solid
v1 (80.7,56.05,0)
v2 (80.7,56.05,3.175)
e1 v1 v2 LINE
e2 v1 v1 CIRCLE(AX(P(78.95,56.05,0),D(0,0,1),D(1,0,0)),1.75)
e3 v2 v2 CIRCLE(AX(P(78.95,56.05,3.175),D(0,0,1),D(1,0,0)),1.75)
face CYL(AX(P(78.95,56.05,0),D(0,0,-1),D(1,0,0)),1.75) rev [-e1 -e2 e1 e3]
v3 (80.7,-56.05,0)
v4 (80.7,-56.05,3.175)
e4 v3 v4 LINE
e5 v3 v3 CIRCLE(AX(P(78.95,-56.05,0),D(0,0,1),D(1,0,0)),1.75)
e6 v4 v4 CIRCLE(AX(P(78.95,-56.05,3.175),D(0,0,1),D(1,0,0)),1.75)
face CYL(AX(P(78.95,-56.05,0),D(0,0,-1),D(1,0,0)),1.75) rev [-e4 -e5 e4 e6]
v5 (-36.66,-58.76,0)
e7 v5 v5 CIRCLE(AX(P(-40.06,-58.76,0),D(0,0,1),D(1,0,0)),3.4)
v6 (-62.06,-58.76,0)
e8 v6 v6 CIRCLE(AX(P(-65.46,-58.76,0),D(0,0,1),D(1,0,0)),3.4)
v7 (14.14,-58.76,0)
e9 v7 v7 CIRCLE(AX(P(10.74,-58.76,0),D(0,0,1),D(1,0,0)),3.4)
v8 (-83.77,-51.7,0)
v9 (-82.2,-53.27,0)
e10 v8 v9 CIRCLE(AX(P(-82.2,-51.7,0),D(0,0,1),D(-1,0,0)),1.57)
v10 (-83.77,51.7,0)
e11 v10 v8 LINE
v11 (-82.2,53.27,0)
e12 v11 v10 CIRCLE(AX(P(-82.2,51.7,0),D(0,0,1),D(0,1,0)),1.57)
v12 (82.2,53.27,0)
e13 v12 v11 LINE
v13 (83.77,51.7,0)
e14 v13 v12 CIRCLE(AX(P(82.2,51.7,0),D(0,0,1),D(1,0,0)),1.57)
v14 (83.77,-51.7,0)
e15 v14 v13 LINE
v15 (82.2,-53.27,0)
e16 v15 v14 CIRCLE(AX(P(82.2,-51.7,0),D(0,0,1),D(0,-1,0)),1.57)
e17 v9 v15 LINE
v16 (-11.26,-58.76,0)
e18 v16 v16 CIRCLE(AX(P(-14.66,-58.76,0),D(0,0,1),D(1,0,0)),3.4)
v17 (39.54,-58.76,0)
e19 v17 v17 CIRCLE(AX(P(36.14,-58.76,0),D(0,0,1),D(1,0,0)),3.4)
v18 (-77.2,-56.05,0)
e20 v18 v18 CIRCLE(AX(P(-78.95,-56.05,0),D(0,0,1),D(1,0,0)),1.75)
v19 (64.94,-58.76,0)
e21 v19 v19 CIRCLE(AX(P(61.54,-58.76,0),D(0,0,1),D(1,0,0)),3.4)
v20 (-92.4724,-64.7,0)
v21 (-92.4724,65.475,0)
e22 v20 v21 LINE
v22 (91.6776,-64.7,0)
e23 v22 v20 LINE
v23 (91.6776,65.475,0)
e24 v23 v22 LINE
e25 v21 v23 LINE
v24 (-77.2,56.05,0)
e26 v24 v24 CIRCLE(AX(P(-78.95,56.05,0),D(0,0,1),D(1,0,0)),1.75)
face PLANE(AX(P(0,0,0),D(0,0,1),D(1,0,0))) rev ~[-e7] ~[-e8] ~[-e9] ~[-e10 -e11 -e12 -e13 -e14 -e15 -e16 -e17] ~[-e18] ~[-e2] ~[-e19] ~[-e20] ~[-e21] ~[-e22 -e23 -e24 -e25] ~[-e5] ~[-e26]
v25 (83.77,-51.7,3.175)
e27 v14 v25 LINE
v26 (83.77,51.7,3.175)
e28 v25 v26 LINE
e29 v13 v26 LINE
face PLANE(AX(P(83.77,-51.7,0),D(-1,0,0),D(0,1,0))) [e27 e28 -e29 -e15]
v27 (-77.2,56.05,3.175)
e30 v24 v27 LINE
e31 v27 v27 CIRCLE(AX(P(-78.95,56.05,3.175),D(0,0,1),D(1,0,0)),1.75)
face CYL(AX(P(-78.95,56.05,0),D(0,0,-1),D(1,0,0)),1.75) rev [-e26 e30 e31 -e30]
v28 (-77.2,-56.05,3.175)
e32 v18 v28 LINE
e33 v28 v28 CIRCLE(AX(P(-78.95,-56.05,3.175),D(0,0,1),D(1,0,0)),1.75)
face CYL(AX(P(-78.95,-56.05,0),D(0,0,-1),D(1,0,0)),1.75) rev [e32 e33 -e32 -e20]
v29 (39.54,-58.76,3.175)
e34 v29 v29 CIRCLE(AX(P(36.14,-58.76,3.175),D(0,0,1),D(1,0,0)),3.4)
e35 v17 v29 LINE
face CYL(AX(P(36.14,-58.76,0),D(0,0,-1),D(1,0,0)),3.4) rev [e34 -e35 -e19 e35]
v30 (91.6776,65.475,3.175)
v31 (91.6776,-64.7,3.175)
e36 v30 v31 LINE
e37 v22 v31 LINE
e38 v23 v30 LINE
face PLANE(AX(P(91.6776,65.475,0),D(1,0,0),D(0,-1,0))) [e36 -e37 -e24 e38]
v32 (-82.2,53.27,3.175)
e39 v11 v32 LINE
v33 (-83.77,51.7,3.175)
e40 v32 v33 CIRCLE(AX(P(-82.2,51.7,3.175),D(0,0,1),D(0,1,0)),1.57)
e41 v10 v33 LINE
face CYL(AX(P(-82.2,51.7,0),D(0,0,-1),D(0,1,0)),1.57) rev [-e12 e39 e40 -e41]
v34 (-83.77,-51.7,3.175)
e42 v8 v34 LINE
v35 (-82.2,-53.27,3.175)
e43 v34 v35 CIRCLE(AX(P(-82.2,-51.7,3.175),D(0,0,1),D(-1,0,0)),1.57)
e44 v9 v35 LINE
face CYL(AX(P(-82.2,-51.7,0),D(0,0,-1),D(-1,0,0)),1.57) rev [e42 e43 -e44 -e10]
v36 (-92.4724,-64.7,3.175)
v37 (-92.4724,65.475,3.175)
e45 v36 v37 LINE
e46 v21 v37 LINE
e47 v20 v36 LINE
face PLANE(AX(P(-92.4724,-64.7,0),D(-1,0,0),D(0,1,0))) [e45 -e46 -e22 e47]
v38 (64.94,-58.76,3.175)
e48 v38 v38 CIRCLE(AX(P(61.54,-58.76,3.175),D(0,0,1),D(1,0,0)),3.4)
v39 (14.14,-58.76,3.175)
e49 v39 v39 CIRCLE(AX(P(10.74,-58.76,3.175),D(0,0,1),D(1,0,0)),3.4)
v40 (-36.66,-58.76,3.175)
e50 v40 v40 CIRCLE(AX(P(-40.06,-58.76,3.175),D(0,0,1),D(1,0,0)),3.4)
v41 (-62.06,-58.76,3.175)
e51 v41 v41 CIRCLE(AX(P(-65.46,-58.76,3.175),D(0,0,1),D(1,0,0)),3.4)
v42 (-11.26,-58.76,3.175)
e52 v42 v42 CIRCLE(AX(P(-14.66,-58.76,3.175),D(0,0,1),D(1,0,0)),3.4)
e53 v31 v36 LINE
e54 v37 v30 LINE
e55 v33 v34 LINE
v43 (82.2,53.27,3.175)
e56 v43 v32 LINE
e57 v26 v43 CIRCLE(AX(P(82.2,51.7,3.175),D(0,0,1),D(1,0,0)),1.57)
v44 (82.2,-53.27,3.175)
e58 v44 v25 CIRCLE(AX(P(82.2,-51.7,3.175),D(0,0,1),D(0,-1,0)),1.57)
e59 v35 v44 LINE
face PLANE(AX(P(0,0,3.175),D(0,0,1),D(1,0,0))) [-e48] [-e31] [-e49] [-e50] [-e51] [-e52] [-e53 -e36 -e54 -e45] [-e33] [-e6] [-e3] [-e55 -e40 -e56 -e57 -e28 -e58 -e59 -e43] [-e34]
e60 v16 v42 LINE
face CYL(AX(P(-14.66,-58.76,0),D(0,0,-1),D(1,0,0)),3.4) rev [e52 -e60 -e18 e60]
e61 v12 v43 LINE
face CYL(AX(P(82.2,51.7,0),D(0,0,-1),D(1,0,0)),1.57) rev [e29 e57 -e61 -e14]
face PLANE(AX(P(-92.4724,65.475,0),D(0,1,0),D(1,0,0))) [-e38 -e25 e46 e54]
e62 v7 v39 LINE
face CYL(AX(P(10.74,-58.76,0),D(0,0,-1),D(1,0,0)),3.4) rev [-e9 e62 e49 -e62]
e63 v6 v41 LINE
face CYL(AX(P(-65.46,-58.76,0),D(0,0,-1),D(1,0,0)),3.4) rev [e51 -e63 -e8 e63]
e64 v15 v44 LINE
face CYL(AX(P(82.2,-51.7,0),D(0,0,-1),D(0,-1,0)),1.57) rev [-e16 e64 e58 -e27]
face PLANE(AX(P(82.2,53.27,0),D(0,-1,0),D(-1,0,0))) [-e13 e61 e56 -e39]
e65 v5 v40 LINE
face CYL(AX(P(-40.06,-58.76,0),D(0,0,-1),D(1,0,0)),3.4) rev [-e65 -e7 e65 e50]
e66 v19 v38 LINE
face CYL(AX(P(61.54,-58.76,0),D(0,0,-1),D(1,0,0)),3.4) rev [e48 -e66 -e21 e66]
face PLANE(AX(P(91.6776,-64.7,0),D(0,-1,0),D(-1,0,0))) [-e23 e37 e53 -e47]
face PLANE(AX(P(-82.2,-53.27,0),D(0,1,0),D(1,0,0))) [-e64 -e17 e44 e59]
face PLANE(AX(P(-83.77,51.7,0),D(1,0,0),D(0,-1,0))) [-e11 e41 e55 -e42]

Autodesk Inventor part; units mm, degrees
ref_plane "YZ Plane" through (0, 0, 0) normal (1, 0, 0) x (0, 1, 0)
ref_plane "Work Plane1" through (-82.5, -59.605, 0) normal (0, 0, 1) x (1, 0, 0)
sketch "Sketch1" plane through (0, 0, 0) normal (0, 0, 1) x (1, 0, 0)
  circle A0 centre (-78.95, -56.05) radius 1.75 projected
  circle A1 centre (78.95, -56.05) radius 1.75 projected
  circle A2 centre (78.95, 56.05) radius 1.75 projected
  circle A3 centre (-78.95, 56.05) radius 1.75 projected
  line L0 (-92.4724, 65.475) -> (91.6776, 65.475)
  line L1 (91.6776, 65.475) -> (91.6776, -64.7)
  line L2 (91.6776, -64.7) -> (-92.4724, -64.7)
  line L3 (-92.4724, -64.7) -> (-92.4724, 65.475)
  line L4 (-80.31, 46.61) -> (76.39, 46.61) construction
  line L5 (-80.31, -42.49) -> (-80.31, 46.61) construction
  line L6 (76.39, -42.49) -> (-80.31, -42.49) construction
  line L7 (76.39, 46.61) -> (76.39, -42.49) construction
  line L8 (-55.7212, -9.8482) -> (100.3438, -9.8482) construction
  line L9 (-82.2, -52) -> (82.2, -52) construction
  line L10 (-82.2, -52) -> (82.2, -52) construction
  circle A4 centre (-65.46, -58.76) radius 3.4
  circle A5 centre (-40.06, -58.76) radius 3.4
  circle A6 centre (-14.66, -58.76) radius 3.4
  circle A7 centre (10.74, -58.76) radius 3.4
  circle A8 centre (36.14, -58.76) radius 3.4
  circle A9 centre (61.54, -58.76) radius 3.4
  line L11 (82.5, -51.7) -> (82.5, 51.7) projected
  line L12 (82.2, 52) -> (-82.2, 52) projected
  line L13 (-82.5, 51.7) -> (-82.5, -51.7) projected
  line L14 (-82.2, -52) -> (82.2, -52) projected
  arc A10 (-82.2, 52) -> (-82.5, 51.7) centre (-82.2, 51.7) ccw projected
  arc A11 (82.5, 51.7) -> (82.2, 52) centre (82.2, 51.7) ccw projected
  arc A12 (82.2, -52) -> (82.5, -51.7) centre (82.2, -51.7) ccw projected
  arc A13 (-82.5, -51.7) -> (-82.2, -52) centre (-82.2, -51.7) ccw projected
  line L15 (-82.2, -53.27) -> (82.2, -53.27)
  arc A14 (82.2, -53.27) -> (83.77, -51.7) centre (82.2, -51.7) ccw
  line L16 (83.77, -51.7) -> (83.77, 51.7)
  arc A15 (83.77, 51.7) -> (82.2, 53.27) centre (82.2, 51.7) ccw
  line L17 (82.2, 53.27) -> (-82.2, 53.27)
  arc A16 (-82.2, 53.27) -> (-83.77, 51.7) centre (-82.2, 51.7) ccw
  line L18 (-83.77, 51.7) -> (-83.77, -51.7)
  arc A17 (-83.77, -51.7) -> (-82.2, -53.27) centre (-82.2, -51.7) ccw
  point P0 (-0.3974, -64.7)
  point P1 (-1.96, 65.475)
  dimension "d1" = 130.175
  dimension "d2" = 184.15
  dimension "d3" = 12.7
  dimension "d4" = 6.8
  dimension "d7" = 25.4
  dimension "d18" = 1.27
ref_plane "Work Plane2" through (-82.5, -59.605, 0) normal (0, 0, 1) x (1, 0, 0)
extrude "Extrusion2" add sketch "Sketch1" along normal blind 3.175 from surface at 0 contours L0 L1 L2 L3
properties part number "Center Bezel"
